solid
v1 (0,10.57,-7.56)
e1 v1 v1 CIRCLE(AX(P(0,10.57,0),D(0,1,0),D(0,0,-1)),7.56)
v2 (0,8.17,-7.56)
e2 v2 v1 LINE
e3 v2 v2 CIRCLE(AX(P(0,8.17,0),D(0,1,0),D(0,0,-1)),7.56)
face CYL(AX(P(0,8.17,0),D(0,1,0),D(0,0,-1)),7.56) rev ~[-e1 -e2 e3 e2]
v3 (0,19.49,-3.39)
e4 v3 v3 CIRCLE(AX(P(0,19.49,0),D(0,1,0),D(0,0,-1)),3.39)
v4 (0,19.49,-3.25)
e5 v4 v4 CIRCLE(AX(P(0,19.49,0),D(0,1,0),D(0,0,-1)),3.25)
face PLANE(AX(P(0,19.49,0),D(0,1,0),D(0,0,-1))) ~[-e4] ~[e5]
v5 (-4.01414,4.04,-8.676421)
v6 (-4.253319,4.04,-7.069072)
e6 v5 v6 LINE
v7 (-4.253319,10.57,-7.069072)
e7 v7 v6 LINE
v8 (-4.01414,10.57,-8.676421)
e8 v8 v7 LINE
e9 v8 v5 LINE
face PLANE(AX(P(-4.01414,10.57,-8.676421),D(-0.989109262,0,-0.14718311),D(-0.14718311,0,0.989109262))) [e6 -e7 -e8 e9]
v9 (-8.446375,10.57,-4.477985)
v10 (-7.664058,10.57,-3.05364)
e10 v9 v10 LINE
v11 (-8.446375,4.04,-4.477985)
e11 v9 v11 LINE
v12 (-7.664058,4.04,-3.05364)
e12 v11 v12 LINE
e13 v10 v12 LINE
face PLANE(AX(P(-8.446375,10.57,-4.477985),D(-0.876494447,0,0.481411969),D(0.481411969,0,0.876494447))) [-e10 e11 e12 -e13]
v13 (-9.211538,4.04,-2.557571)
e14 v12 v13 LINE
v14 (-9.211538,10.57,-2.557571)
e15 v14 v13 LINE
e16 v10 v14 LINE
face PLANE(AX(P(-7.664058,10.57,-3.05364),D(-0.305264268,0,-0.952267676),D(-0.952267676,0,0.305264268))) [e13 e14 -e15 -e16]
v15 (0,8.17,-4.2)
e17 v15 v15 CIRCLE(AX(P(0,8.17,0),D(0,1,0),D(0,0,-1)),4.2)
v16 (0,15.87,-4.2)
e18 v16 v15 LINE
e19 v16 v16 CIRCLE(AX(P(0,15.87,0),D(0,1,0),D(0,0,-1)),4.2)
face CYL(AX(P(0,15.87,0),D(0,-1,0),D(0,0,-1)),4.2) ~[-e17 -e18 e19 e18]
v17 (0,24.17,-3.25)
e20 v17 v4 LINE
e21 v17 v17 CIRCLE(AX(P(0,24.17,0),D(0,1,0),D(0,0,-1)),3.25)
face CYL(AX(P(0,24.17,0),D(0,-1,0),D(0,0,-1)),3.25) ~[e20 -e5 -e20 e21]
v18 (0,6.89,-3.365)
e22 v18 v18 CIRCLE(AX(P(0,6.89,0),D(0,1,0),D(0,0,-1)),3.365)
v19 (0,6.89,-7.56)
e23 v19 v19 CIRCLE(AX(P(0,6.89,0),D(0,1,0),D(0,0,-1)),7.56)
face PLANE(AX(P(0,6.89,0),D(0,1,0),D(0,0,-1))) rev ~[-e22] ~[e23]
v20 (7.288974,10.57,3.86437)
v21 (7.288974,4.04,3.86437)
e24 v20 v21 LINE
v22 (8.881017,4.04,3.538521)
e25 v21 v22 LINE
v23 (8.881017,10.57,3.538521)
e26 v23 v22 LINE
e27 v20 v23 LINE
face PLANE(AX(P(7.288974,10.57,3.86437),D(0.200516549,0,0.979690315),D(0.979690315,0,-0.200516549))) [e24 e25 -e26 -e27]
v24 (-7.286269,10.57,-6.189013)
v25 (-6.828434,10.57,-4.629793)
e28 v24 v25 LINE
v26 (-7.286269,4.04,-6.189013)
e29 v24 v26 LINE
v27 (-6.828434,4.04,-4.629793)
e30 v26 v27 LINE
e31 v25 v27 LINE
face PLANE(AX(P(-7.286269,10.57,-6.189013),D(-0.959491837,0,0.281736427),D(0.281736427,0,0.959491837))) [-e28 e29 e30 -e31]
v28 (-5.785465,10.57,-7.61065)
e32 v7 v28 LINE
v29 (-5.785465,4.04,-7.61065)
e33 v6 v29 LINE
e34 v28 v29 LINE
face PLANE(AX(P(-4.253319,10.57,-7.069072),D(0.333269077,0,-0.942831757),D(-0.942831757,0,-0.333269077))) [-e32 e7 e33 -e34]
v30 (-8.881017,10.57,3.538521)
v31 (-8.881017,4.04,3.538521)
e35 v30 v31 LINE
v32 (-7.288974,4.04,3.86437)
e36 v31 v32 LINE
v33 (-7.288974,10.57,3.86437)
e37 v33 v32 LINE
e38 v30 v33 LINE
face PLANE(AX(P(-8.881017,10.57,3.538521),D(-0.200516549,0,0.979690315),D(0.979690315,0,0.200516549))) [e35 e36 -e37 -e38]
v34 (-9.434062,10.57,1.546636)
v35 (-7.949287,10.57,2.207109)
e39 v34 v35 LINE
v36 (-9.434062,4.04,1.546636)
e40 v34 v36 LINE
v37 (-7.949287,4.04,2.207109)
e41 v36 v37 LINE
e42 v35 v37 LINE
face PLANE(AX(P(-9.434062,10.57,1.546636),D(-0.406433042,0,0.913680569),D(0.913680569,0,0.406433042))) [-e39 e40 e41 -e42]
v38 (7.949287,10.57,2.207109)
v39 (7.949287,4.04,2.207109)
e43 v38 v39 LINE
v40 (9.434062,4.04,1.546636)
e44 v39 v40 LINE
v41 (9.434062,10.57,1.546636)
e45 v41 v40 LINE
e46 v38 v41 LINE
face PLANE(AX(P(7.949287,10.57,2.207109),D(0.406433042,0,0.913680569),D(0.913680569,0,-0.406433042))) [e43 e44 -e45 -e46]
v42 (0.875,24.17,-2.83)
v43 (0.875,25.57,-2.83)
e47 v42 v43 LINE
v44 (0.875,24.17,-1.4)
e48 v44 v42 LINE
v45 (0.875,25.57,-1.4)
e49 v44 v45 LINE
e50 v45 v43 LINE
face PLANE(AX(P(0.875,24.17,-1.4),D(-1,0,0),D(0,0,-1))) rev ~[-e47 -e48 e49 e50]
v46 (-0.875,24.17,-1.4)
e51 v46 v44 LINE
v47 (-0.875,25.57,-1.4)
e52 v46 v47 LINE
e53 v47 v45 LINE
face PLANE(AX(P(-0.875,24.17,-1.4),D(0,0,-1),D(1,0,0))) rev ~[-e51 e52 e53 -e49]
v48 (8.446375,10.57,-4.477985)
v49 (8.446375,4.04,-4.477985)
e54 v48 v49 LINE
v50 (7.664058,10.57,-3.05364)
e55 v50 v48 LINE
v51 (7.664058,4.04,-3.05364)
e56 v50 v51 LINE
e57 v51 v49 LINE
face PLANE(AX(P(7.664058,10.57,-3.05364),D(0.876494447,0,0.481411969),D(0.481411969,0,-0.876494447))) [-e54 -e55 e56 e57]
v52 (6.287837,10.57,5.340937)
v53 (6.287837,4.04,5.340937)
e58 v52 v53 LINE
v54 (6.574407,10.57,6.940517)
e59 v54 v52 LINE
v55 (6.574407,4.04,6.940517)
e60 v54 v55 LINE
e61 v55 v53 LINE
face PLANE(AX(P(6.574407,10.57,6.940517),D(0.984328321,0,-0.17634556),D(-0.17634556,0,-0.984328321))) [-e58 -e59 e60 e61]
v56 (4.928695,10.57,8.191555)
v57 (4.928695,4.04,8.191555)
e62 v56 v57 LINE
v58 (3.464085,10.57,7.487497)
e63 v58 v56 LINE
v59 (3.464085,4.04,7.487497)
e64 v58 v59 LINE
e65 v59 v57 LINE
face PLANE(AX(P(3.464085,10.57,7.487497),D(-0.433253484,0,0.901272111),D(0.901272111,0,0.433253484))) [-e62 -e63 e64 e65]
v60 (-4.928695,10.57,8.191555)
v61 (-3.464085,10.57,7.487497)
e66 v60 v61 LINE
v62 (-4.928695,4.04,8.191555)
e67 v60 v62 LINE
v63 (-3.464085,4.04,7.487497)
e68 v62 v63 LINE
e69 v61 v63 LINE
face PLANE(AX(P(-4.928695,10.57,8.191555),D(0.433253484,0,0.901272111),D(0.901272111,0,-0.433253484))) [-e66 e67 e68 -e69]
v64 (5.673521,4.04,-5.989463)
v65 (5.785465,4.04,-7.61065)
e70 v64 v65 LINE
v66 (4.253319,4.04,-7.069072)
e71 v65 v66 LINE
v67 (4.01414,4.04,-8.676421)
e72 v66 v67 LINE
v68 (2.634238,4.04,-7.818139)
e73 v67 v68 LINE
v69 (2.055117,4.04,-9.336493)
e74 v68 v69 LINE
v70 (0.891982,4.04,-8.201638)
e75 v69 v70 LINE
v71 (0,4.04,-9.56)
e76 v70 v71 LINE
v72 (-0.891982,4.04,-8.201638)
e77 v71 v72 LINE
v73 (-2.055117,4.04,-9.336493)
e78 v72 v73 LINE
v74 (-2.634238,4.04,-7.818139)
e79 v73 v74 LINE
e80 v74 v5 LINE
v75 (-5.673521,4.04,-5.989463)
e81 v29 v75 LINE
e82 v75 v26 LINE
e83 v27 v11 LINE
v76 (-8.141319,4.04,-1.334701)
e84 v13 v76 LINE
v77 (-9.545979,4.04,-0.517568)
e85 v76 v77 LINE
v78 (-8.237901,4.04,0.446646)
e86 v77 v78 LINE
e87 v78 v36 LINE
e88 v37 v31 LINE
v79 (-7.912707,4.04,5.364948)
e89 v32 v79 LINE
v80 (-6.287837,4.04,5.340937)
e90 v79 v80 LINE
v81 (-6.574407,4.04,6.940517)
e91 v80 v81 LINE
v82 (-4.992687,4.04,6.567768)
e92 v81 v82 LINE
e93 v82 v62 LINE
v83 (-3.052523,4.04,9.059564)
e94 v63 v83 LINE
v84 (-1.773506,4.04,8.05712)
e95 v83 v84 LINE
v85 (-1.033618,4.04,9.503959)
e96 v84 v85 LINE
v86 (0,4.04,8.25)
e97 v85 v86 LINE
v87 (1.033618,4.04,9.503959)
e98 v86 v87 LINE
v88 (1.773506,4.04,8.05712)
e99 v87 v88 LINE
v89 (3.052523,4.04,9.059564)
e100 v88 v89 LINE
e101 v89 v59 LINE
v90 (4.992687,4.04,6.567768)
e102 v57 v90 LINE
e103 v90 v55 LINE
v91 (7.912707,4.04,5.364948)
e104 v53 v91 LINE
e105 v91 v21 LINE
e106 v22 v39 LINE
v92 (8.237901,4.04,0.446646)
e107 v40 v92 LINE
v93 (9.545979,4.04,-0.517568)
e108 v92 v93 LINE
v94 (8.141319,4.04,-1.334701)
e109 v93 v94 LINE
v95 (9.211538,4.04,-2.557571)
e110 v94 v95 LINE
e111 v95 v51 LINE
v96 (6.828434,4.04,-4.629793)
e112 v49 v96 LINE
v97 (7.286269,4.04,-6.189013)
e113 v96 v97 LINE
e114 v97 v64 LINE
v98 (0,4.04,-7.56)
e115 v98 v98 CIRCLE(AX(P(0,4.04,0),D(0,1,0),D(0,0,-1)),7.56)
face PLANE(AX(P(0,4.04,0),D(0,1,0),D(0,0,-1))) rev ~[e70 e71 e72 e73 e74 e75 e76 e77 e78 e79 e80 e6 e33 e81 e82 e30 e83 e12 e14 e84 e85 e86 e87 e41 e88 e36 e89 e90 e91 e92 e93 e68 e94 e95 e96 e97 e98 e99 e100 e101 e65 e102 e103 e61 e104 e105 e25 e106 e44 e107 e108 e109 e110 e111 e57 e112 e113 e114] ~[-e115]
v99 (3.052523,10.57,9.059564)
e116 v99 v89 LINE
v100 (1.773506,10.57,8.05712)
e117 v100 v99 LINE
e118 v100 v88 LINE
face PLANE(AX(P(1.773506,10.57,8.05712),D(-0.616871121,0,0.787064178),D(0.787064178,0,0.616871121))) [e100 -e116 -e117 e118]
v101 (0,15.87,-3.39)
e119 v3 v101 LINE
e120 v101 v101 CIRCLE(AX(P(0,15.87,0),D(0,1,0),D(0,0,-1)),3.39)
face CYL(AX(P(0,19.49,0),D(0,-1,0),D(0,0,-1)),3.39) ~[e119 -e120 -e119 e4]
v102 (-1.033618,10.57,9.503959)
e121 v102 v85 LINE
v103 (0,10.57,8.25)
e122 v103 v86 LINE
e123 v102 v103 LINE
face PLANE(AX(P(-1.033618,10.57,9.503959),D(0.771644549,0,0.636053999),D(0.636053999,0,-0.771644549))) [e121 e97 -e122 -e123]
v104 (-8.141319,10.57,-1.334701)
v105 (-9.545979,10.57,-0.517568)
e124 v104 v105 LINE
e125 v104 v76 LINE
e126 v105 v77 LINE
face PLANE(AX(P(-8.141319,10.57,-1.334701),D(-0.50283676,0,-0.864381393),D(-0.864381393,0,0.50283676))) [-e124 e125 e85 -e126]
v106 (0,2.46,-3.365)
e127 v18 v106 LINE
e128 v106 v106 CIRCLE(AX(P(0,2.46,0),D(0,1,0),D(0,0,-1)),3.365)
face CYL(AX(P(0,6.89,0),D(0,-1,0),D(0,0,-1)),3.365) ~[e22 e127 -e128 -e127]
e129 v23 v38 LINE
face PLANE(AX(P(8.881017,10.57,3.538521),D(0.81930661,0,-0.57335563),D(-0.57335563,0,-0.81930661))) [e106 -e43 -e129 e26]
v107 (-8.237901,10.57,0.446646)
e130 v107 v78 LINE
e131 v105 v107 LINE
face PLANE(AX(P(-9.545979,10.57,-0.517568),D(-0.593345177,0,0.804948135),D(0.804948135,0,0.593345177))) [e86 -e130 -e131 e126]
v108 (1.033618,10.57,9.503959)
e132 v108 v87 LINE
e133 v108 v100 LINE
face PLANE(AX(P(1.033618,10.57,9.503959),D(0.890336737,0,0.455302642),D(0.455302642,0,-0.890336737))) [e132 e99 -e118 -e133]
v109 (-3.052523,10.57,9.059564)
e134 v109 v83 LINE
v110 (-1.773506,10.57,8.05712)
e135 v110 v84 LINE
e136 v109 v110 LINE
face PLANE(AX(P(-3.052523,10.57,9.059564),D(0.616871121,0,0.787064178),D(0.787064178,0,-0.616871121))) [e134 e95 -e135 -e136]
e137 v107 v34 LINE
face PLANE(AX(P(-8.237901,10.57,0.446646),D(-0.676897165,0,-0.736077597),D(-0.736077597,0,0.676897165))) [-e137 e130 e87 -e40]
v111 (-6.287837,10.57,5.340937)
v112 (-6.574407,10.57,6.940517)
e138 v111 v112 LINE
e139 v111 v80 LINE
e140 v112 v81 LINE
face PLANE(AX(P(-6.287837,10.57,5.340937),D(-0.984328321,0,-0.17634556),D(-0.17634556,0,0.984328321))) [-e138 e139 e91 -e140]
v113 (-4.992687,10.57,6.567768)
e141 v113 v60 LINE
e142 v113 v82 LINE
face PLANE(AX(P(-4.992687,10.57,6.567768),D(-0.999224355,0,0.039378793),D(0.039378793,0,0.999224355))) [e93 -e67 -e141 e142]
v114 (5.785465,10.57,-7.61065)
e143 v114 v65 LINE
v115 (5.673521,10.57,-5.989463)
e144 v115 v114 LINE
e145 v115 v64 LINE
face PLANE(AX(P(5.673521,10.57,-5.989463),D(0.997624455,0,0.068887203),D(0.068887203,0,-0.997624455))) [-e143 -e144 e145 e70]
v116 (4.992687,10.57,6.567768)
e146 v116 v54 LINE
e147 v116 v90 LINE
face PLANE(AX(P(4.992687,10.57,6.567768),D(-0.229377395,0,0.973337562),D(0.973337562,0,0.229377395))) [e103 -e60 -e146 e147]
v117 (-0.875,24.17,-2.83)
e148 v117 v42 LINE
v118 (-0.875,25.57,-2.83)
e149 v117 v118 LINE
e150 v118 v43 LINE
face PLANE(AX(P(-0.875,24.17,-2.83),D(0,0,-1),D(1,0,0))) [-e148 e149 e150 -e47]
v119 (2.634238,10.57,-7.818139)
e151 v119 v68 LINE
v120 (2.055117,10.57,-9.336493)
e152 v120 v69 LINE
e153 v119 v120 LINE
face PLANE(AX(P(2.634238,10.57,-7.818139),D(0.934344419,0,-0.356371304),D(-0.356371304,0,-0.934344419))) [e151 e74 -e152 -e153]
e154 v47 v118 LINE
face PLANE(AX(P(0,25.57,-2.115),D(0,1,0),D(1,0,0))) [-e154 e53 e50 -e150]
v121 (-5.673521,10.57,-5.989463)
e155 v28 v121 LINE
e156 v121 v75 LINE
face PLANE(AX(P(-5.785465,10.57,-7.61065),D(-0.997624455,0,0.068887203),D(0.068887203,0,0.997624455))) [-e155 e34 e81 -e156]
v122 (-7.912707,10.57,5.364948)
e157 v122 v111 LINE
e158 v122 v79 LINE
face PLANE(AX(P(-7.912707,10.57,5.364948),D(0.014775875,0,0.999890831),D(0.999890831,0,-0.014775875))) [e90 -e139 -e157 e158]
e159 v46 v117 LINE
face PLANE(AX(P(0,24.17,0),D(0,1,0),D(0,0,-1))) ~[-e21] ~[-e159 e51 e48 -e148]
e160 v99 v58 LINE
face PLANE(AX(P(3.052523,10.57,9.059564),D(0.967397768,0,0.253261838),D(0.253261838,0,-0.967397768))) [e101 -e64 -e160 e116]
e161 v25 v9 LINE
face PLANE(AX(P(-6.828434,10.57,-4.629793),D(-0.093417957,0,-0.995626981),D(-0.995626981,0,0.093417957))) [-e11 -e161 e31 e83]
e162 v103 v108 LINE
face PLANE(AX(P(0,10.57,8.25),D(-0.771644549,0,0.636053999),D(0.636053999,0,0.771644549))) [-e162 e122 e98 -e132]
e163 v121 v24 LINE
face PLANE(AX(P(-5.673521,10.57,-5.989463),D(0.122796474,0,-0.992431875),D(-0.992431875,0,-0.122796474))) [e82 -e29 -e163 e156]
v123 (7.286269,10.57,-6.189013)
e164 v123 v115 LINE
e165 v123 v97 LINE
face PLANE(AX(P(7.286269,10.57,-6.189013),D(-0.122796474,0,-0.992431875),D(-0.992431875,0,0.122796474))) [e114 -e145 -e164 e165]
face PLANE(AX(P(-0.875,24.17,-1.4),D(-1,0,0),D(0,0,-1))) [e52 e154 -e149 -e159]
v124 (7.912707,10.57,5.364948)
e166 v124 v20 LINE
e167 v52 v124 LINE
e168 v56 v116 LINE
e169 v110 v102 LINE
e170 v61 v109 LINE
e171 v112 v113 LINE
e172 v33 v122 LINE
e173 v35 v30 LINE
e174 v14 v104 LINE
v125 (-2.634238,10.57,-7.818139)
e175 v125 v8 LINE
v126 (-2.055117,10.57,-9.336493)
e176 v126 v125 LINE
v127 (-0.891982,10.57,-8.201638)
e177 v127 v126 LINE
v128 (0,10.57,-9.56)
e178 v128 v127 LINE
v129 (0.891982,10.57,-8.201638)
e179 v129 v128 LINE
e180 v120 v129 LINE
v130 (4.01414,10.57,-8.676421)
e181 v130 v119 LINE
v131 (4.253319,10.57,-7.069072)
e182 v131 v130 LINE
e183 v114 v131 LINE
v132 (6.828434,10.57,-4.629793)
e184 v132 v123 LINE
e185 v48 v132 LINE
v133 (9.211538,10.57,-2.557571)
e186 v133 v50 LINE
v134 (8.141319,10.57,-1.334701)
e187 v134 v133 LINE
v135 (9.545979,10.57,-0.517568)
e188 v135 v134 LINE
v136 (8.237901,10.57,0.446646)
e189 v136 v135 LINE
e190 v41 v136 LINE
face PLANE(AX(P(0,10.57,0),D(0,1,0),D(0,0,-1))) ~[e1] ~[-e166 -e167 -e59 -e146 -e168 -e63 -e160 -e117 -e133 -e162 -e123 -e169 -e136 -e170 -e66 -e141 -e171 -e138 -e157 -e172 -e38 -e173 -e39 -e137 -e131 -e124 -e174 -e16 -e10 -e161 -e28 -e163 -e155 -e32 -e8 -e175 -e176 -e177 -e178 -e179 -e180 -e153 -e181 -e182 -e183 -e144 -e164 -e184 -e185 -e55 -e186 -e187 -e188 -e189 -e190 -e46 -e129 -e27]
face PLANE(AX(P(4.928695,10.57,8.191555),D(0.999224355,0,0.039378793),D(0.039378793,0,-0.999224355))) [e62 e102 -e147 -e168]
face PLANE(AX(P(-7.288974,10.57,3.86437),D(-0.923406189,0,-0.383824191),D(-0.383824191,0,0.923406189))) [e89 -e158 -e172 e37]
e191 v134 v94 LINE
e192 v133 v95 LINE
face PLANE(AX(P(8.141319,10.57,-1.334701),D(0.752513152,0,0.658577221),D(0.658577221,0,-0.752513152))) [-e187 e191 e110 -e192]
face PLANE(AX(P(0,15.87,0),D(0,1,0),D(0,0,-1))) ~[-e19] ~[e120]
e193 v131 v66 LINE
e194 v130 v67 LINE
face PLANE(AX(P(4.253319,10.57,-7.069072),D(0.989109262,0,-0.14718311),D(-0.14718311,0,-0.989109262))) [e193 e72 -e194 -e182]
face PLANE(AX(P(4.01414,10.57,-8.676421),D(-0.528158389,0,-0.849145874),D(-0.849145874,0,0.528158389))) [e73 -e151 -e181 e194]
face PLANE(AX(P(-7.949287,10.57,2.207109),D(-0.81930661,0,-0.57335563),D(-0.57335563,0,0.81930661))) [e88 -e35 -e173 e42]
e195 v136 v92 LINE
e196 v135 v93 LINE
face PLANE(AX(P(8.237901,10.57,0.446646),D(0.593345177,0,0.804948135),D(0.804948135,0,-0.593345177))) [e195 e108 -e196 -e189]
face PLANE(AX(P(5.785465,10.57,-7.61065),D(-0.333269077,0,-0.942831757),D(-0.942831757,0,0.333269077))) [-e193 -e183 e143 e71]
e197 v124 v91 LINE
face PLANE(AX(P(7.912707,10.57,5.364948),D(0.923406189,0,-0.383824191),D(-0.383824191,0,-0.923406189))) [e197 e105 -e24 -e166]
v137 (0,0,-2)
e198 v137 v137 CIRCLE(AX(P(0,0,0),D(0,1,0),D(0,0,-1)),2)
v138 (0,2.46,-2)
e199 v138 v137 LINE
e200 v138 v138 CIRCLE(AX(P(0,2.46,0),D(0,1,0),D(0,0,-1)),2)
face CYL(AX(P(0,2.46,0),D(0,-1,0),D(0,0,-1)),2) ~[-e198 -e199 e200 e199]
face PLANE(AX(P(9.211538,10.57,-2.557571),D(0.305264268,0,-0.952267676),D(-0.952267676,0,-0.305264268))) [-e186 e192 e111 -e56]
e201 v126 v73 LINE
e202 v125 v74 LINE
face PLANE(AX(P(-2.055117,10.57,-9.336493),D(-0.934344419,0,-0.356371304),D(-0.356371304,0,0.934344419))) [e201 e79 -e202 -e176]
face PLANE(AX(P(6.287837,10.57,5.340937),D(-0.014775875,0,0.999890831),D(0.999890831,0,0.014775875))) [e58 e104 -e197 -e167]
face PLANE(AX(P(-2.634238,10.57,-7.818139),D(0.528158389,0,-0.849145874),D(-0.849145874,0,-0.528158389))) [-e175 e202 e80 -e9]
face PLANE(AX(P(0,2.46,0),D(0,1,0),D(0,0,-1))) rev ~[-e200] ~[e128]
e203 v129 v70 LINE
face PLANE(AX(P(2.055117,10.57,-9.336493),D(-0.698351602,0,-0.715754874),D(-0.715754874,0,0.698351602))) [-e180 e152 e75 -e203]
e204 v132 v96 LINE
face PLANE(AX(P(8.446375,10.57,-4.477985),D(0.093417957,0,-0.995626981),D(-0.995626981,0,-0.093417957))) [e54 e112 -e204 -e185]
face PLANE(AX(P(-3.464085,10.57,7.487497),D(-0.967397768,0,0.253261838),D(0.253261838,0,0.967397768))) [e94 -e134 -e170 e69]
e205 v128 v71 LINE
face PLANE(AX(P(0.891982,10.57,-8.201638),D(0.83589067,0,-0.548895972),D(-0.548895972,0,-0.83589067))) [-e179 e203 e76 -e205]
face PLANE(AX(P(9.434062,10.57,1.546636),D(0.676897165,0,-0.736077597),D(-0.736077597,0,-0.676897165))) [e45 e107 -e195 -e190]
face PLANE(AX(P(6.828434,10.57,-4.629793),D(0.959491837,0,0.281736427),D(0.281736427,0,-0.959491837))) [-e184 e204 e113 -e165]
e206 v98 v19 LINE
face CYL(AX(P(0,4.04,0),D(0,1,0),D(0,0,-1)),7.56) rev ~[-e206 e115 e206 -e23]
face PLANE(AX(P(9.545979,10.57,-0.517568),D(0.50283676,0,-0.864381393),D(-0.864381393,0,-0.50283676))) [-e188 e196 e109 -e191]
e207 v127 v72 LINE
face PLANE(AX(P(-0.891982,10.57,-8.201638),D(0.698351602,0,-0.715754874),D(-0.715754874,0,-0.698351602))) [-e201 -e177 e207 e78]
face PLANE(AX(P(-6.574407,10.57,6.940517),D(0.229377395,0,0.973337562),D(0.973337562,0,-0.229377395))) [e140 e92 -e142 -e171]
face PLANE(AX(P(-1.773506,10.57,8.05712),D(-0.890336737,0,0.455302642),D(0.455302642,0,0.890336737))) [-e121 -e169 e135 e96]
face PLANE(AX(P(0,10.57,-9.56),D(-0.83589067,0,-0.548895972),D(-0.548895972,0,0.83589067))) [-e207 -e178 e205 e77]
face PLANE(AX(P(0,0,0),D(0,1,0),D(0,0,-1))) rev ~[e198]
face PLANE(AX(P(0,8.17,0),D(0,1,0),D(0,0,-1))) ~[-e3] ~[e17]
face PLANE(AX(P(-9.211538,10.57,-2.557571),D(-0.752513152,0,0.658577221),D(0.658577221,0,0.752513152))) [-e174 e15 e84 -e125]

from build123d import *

# Parameters (mm, degrees)
SKETCH2_W           = 1.75
SKETCH2_H           = 1.43
BOSS_EXTRUDE1_DEPTH = 1.4
SKETCH3_R           = 10.06
CUT_EXTRUDE1_DEPTH  = 21.193741605


with BuildPart() as part:
    # Sketch1 → Revolve1 (revolve)
    with BuildSketch(Plane.XY, mode=Mode.PRIVATE) as revolve1_sk:
        Polygon((0, 0), (0, 24.17), (3.25, 24.17), (3.25, 19.49), (3.39, 19.49), (3.39, 15.87), (4.2, 15.87), (4.2, 8.17), (7.56, 8.17), (7.56, 10.57), (9.56, 10.57), (9.56, 4.04), (7.56, 4.04), (7.56, 6.89), (3.365, 6.89), (3.365, 2.46), (2, 2.46), (2, 0), align=None)
    revolve(revolve1_sk.sketch.rotate(Axis((0, 0, 0), (0, 1, 0)), 90), axis=Axis((0, 0, 0), (0, 1, 0)))

    # Sketch2 → Boss-Extrude1 (add)
    with BuildSketch(Plane(origin=(0, 24.17, 0), x_dir=(1, 0, 0), z_dir=(0, 1, 0))):
        with Locations((0, 2.115)):
            Rectangle(SKETCH2_W, SKETCH2_H)
    extrude(amount=BOSS_EXTRUDE1_DEPTH)

    # Sketch3 → Cut-Extrude1 (cut, through all)
    with BuildSketch(Plane(origin=(0, 10.57, 0), x_dir=(1, 0, 0), z_dir=(0, 1, 0))):
        Circle(SKETCH3_R)
        Polygon((0, 9.56), (-0.891981902, 8.201638147), (-2.055117408, 9.336492513), (-2.634237624, 7.818138662), (-4.014139811, 8.676421012), (-4.253319322, 7.069071703), (-5.785465497, 7.610649708), (-5.673520536, 5.989462808), (-7.286269247, 6.189012883), (-6.828434235, 4.629793289), (-8.446375145, 4.477984693), (-7.664057938, 3.053639782), (-9.211537928, 2.557570916), (-8.141318811, 1.334701472), (-9.545979436, 0.517567966), (-8.237900664, -0.446645996), (-9.434061555, -1.546635887), (-7.949287438, -2.207108793), (-8.881017441, -3.538520765), (-7.288974367, -3.864369636), (-7.912706822, -5.364948345), (-6.287836955, -5.340936849), (-6.574406827, -6.940516903), (-4.992687275, -6.567767792), (-4.928694875, -8.191554604), (-3.464085088, -7.487497212), (-3.052522628, -9.059564317), (-1.773506132, -8.057119585), (-1.033617816, -9.50395887), (0, -8.25), (1.033617816, -9.50395887), (1.773506132, -8.057119585), (3.052522628, -9.059564317), (3.464085088, -7.487497212), (4.928694875, -8.191554604), (4.992687275, -6.567767792), (6.574406827, -6.940516903), (6.287836955, -5.340936849), (7.912706822, -5.364948345), (7.288974367, -3.864369636), (8.881017441, -3.538520765), (7.949287438, -2.207108793), (9.434061555, -1.546635887), (8.237900664, -0.446645996), (9.545979436, 0.517567966), (8.141318811, 1.334701472), (9.211537928, 2.557570916), (7.664057938, 3.053639782), (8.446375145, 4.477984693), (6.828434235, 4.629793289), (7.286269247, 6.189012883), (5.673520536, 5.989462808), (5.785465497, 7.610649708), (4.253319322, 7.069071703), (4.014139811, 8.676421012), (2.634237624, 7.818138662), (2.055117408, 9.336492513), (0.891981902, 8.201638147), align=None, mode=Mode.SUBTRACT)
    extrude(amount=-CUT_EXTRUDE1_DEPTH, mode=Mode.SUBTRACT)


solid = part.part
